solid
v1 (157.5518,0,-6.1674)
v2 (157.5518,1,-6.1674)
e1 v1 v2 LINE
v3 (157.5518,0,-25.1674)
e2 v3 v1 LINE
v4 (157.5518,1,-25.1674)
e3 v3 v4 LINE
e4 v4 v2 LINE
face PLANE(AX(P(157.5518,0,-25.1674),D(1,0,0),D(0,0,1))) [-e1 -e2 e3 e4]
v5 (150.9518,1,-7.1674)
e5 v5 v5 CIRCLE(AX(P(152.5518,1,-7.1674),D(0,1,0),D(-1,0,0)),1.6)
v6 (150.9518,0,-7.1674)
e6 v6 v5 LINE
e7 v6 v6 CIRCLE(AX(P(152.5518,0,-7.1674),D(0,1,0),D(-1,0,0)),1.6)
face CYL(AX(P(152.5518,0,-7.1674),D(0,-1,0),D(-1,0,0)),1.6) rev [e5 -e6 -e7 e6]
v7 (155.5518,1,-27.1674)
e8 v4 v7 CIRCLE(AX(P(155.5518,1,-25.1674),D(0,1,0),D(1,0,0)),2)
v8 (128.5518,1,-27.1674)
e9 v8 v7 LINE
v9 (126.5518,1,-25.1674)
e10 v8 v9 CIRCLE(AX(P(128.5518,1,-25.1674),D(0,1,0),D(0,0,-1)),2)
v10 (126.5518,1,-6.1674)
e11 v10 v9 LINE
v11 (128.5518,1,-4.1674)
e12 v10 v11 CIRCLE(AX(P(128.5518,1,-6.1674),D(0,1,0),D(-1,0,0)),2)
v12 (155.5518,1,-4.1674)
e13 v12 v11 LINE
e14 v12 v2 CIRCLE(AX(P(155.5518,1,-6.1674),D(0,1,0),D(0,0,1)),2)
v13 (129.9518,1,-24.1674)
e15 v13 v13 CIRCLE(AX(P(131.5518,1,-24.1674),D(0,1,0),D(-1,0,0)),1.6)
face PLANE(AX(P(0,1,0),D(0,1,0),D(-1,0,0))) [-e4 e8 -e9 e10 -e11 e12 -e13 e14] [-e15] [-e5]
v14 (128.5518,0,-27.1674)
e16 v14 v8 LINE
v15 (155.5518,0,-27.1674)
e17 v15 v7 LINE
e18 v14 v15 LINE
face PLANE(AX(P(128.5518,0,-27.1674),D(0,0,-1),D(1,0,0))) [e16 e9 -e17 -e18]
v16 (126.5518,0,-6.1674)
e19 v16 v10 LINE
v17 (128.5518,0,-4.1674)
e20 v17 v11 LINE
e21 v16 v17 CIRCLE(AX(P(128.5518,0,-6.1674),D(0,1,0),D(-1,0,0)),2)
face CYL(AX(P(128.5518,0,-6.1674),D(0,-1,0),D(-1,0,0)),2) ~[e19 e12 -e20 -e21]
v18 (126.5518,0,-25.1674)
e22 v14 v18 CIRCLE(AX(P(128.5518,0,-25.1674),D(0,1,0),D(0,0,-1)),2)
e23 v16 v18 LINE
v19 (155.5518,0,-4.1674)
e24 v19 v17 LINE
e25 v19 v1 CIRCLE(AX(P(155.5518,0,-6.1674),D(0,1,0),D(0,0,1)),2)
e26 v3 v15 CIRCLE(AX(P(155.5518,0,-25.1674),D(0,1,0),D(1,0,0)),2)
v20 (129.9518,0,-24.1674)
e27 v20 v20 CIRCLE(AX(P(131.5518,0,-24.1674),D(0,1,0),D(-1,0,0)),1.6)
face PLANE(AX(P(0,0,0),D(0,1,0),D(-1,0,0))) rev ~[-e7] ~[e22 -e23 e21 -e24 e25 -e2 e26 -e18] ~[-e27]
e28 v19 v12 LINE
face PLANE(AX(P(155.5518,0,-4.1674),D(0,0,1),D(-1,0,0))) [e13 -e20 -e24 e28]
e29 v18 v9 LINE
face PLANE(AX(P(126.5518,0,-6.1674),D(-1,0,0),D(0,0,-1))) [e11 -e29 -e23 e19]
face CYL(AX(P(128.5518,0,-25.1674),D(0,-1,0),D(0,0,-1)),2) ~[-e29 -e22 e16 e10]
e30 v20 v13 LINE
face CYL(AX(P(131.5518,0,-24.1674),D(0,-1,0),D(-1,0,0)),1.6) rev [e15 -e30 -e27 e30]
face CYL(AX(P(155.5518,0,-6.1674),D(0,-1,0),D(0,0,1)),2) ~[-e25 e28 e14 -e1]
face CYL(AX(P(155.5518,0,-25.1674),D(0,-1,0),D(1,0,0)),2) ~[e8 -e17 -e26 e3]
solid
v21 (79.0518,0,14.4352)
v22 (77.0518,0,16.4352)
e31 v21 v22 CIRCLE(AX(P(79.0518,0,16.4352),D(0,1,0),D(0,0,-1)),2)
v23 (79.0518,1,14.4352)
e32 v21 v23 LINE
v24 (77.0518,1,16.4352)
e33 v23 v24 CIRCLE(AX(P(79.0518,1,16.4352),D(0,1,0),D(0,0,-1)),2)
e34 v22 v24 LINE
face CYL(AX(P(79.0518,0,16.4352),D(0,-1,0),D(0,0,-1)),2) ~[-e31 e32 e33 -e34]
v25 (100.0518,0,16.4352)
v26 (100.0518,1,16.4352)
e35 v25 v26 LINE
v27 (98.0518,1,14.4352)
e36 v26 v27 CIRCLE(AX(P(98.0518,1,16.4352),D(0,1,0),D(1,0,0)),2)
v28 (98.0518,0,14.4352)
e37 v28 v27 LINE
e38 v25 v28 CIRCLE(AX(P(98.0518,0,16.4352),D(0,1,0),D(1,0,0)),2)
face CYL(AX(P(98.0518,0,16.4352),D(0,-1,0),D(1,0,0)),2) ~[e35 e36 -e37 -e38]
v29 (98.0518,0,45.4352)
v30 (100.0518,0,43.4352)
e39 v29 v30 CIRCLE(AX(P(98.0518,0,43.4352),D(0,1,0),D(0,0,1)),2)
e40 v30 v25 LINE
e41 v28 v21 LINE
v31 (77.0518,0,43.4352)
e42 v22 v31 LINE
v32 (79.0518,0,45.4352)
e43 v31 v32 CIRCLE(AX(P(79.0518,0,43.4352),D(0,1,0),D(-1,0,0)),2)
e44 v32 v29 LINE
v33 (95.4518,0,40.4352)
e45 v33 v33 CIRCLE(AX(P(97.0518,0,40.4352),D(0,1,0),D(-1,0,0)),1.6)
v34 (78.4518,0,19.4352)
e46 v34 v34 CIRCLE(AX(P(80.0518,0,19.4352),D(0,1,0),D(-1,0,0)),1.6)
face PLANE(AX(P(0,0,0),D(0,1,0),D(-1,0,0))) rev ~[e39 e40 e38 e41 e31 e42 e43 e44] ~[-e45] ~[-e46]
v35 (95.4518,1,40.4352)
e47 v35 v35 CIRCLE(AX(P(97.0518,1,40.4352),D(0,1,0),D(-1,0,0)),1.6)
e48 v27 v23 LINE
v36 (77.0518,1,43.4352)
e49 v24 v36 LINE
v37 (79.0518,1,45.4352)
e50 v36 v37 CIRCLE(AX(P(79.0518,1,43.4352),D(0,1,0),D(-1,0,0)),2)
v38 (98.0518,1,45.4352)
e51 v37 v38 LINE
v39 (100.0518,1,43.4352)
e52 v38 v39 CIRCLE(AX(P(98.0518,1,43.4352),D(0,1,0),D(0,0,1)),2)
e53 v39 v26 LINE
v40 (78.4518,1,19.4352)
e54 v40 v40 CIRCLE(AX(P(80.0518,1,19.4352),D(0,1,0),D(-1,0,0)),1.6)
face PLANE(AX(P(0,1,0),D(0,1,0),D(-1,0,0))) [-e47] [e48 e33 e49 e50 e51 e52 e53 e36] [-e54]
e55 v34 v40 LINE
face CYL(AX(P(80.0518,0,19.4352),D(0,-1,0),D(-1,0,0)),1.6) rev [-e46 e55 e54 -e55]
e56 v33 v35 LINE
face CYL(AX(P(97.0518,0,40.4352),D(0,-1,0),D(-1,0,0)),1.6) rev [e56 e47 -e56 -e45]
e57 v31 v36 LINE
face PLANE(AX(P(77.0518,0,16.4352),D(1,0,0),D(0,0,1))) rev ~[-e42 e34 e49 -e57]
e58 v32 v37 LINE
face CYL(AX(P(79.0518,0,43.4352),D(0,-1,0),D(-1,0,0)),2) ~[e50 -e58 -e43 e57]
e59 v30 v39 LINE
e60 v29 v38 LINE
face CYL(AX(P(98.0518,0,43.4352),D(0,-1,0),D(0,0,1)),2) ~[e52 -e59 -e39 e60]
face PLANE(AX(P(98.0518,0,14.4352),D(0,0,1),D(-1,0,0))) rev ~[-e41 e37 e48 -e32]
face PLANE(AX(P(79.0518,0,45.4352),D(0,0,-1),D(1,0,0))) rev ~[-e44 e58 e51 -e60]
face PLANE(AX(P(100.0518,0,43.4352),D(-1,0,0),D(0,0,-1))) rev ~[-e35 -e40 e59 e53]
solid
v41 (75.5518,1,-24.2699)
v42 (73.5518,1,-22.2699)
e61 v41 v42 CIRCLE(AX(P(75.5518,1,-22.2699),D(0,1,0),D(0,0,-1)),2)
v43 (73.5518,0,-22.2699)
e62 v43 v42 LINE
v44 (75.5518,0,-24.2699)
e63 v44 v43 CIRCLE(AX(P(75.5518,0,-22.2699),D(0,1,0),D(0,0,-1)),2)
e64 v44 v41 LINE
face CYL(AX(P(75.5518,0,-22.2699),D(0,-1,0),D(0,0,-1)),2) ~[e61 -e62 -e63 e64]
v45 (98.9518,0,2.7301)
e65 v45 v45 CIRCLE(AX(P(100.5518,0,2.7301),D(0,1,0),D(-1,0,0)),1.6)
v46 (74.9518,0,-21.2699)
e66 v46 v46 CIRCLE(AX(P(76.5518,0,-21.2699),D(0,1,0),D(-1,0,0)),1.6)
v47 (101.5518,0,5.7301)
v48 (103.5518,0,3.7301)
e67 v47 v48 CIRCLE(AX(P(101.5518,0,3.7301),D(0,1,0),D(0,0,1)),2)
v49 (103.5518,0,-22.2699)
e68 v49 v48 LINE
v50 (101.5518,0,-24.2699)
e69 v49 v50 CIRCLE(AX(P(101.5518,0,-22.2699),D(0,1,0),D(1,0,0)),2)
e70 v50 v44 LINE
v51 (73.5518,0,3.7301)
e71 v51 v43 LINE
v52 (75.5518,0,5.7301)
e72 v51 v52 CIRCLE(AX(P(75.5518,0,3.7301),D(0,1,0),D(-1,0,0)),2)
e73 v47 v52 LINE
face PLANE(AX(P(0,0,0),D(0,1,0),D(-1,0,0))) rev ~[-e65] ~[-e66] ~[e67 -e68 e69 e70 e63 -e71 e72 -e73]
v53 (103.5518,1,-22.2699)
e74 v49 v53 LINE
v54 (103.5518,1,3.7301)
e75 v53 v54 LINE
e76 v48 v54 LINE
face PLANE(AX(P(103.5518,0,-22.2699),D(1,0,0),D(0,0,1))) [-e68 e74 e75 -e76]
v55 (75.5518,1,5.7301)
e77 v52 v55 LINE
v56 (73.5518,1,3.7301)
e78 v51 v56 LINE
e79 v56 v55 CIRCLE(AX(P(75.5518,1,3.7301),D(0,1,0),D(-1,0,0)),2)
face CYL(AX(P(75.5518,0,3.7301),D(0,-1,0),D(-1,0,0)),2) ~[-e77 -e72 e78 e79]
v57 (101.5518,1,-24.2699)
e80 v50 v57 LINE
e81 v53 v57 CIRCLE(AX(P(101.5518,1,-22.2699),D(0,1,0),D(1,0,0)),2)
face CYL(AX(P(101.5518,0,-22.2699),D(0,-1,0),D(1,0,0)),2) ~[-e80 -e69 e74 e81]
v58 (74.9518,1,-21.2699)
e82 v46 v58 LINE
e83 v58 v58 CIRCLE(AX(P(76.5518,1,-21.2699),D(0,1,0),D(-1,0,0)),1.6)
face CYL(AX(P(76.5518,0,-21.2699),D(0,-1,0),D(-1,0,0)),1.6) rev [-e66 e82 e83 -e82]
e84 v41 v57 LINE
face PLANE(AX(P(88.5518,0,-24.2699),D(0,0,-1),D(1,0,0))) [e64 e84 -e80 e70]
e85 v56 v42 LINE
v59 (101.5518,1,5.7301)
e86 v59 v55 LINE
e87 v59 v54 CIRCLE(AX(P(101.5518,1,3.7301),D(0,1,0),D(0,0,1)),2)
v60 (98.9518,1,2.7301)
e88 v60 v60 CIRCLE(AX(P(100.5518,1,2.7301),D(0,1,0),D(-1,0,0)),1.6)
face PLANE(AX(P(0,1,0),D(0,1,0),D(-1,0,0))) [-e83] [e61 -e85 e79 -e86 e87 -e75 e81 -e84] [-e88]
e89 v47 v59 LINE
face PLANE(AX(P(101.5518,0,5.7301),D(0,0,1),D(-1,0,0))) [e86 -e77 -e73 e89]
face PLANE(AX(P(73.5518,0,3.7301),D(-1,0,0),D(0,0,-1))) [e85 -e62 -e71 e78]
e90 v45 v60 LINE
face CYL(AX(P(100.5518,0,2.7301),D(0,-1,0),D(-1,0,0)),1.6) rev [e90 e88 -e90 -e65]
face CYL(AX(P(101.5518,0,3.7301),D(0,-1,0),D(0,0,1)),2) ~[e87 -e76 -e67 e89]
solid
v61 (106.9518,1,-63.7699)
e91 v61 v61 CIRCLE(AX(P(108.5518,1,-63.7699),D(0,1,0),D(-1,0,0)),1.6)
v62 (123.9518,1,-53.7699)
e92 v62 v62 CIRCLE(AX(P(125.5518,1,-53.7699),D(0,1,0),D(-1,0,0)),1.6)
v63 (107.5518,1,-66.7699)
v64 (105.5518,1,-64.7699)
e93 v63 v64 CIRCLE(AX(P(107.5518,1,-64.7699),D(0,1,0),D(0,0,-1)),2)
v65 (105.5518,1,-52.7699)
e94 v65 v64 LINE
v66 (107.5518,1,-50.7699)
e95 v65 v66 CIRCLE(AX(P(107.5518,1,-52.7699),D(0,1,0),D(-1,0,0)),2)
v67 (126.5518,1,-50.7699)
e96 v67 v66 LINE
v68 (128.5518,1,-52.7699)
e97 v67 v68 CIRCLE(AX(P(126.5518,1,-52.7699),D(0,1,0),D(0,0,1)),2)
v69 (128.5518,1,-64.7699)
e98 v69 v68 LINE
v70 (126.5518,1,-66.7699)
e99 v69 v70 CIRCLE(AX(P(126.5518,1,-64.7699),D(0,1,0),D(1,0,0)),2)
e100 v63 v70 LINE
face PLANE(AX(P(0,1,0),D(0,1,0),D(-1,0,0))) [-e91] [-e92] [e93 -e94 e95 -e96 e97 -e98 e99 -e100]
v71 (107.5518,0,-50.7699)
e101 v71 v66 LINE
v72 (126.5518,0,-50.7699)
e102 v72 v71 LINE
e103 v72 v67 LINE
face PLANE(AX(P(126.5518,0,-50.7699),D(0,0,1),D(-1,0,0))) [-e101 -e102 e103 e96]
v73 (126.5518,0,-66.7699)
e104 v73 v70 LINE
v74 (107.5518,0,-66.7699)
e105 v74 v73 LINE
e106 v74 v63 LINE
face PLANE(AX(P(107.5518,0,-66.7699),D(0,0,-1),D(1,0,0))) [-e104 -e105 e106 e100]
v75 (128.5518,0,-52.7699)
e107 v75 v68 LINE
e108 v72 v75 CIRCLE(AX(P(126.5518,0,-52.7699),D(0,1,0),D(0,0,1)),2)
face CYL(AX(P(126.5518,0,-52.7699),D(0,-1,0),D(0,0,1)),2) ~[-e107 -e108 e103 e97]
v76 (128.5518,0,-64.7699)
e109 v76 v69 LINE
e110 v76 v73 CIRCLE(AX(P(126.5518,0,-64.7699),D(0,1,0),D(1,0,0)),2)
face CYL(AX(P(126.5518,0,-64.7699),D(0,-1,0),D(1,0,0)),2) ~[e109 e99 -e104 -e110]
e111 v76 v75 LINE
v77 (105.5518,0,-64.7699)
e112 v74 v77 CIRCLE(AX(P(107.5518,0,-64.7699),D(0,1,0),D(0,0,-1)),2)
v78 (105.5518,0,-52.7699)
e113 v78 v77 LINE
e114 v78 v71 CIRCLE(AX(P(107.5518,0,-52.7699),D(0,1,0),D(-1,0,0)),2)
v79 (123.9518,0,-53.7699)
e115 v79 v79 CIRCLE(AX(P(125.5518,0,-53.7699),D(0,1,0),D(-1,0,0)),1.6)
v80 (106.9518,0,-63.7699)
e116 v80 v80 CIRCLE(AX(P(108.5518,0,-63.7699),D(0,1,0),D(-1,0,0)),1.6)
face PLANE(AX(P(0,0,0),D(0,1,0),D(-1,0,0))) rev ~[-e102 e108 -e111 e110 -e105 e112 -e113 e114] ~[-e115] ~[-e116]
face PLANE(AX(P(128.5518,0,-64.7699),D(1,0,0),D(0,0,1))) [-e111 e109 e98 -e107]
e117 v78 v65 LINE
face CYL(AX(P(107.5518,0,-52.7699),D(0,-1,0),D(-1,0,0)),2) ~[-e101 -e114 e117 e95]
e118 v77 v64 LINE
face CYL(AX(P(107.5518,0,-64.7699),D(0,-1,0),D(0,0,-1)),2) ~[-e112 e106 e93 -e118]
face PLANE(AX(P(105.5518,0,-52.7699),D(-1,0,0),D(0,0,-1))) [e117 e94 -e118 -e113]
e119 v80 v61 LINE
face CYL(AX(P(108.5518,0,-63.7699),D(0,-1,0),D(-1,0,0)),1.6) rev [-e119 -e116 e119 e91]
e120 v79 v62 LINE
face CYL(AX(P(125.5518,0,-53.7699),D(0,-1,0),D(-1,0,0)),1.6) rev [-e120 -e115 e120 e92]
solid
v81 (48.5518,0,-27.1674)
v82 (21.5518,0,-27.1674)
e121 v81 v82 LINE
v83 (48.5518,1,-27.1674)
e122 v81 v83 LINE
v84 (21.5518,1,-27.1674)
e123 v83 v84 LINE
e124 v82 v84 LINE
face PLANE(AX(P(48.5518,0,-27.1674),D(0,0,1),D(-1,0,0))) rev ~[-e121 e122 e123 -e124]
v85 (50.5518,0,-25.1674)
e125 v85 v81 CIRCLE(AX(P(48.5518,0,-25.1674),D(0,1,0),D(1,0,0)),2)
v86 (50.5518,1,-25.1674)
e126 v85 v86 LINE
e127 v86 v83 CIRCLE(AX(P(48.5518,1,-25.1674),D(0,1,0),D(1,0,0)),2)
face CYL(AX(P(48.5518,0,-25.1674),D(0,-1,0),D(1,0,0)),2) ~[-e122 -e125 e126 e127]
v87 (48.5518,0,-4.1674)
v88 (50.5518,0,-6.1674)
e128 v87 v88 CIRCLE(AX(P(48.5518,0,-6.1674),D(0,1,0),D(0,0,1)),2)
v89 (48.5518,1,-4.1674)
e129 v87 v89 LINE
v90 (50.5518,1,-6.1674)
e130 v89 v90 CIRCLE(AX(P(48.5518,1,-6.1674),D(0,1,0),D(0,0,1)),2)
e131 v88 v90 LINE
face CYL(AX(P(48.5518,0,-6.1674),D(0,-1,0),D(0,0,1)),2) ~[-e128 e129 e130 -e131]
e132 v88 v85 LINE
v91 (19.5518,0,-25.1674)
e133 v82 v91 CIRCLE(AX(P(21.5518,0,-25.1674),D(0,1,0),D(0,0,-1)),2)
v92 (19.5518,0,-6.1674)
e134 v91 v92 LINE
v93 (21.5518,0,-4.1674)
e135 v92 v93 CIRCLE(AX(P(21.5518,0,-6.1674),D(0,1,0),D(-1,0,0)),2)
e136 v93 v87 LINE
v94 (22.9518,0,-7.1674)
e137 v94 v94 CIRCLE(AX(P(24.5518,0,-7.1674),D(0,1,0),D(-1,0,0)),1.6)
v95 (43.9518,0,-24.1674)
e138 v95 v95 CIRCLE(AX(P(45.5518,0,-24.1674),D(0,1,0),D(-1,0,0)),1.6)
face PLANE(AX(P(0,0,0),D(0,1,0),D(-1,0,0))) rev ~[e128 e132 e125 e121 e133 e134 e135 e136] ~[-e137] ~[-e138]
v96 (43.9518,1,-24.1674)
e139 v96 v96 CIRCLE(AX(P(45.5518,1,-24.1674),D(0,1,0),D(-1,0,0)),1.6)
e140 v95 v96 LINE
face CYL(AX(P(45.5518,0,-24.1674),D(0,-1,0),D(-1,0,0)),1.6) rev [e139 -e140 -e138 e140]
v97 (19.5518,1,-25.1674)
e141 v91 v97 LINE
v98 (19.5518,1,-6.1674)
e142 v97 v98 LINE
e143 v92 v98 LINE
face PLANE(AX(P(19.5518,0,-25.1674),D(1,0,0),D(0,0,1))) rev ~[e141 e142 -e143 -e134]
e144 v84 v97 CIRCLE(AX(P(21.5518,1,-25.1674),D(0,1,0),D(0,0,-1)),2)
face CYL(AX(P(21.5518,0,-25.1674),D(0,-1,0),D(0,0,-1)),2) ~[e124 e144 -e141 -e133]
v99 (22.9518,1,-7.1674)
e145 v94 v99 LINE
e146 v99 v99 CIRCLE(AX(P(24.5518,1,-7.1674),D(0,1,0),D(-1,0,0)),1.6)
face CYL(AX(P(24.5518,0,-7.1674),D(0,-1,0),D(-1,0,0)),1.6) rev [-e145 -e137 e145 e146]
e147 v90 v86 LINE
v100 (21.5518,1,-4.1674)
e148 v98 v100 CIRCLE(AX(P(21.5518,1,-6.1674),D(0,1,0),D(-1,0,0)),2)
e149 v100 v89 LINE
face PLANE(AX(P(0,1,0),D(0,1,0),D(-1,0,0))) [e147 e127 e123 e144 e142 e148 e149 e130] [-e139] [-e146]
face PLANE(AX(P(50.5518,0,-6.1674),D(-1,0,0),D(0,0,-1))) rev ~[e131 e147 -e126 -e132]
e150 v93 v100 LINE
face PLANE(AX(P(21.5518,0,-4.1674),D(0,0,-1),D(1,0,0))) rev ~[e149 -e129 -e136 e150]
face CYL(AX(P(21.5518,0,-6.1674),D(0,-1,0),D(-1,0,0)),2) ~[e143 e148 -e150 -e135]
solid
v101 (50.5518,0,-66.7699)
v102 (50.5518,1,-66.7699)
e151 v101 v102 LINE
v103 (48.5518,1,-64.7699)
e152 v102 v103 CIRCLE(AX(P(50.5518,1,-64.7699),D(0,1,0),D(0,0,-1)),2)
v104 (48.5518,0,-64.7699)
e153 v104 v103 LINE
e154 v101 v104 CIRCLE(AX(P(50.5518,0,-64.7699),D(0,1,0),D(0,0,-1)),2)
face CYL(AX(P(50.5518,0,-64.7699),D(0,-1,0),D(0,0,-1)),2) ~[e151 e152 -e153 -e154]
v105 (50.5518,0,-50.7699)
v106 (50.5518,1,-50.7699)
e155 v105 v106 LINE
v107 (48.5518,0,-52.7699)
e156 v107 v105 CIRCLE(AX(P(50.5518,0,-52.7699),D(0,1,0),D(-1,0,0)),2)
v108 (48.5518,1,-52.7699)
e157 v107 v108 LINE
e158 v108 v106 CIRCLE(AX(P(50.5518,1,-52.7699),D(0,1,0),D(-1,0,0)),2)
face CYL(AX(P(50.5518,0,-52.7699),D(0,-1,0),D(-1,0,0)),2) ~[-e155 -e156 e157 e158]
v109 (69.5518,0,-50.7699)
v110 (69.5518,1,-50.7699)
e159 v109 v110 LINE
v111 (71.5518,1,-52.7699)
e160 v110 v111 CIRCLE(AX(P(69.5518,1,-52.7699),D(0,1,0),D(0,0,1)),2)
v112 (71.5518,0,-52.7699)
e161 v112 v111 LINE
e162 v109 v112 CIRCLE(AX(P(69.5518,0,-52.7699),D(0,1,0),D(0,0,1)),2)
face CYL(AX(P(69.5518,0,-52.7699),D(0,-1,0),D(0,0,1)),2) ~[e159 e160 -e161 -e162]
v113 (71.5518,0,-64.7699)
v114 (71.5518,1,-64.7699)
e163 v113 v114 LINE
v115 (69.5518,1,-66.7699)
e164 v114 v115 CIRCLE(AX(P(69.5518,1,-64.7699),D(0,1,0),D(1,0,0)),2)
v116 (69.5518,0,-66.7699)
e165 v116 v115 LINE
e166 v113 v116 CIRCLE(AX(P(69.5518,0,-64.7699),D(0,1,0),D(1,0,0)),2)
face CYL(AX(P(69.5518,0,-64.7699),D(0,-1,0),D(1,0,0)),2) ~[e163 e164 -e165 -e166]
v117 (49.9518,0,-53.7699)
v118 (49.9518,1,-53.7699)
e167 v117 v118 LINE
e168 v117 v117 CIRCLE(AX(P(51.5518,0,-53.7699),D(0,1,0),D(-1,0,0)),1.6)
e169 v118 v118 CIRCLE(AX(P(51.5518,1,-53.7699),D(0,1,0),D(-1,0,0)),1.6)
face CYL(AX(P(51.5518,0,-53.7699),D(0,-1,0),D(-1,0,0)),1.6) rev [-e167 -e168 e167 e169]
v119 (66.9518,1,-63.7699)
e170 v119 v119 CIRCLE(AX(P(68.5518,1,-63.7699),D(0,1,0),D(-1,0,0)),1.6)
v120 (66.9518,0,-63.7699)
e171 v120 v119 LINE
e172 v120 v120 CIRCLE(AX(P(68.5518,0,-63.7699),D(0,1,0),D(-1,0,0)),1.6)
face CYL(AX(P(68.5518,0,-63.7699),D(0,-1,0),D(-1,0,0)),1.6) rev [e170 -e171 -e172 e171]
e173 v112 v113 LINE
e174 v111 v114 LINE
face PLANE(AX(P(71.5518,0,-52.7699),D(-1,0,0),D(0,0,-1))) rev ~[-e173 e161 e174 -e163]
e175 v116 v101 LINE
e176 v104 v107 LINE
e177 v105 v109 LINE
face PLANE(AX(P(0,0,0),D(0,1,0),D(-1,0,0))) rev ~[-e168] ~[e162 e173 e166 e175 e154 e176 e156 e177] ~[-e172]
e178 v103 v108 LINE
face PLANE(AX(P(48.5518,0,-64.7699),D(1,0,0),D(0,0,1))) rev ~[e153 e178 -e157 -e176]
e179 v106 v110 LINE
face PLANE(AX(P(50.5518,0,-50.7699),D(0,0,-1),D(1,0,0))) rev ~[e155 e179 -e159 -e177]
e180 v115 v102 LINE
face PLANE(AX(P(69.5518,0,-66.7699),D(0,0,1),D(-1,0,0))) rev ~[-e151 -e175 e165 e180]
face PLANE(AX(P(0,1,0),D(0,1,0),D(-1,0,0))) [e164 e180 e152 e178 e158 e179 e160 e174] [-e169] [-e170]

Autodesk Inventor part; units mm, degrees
ref_plane "YZ Plane" through (0, 0, 0) normal (1, 0, 0) x (0, 1, 0)
ref_plane "XZ Plane" through (0, 0, 0) normal (0, 1, 0) x (-1, 0, 0)
ref_plane "XY Plane" through (0, 0, 0) normal (0, 0, 1) x (1, 0, 0)
sketch "Sketch1" plane through (0, 0, 0) normal (0, 1, 0) x (-1, 0, 0)
  circle A0 centre (-152.5518, -7.1674) radius 1.6
  circle A1 centre (-131.5518, -24.1674) radius 1.6
  circle A2 centre (-24.5518, -7.1674) radius 1.6
  circle A3 centre (-45.5518, -24.1674) radius 1.6
  circle A4 centre (-97.0518, 40.4352) radius 1.6
  circle A5 centre (-80.0518, 19.4352) radius 1.6
  circle A6 centre (-125.5518, -53.7699) radius 1.6
  circle A7 centre (-108.5518, -63.7699) radius 1.6
  circle A8 centre (-51.5518, -53.7699) radius 1.6
  circle A9 centre (-68.5518, -63.7699) radius 1.6
  line L0 (-155.5518, -4.1674) -> (-128.5518, -4.1674)
  arc A10 (-126.5518, -6.1674) -> (-128.5518, -4.1674) centre (-128.5518, -6.1674) ccw
  line L1 (-126.5518, -6.1674) -> (-126.5518, -25.1674)
  arc A11 (-128.5518, -27.1674) -> (-126.5518, -25.1674) centre (-128.5518, -25.1674) ccw
  line L2 (-128.5518, -27.1674) -> (-155.5518, -27.1674)
  arc A12 (-157.5518, -25.1674) -> (-155.5518, -27.1674) centre (-155.5518, -25.1674) ccw
  line L3 (-157.5518, -25.1674) -> (-157.5518, -6.1674)
  arc A13 (-155.5518, -4.1674) -> (-157.5518, -6.1674) centre (-155.5518, -6.1674) ccw
  line L4 (-21.5518, -4.1674) -> (-48.5518, -4.1674)
  arc A14 (-48.5518, -4.1674) -> (-50.5518, -6.1674) centre (-48.5518, -6.1674) ccw
  line L5 (-50.5518, -6.1674) -> (-50.5518, -25.1674)
  arc A15 (-50.5518, -25.1674) -> (-48.5518, -27.1674) centre (-48.5518, -25.1674) ccw
  line L6 (-48.5518, -27.1674) -> (-21.5518, -27.1674)
  arc A16 (-21.5518, -27.1674) -> (-19.5518, -25.1674) centre (-21.5518, -25.1674) ccw
  line L7 (-19.5518, -25.1674) -> (-19.5518, -6.1674)
  arc A17 (-19.5518, -6.1674) -> (-21.5518, -4.1674) centre (-21.5518, -6.1674) ccw
  line L8 (-77.0518, 16.4352) -> (-77.0518, 43.4352)
  arc A18 (-77.0518, 43.4352) -> (-79.0518, 45.4352) centre (-79.0518, 43.4352) ccw
  line L9 (-79.0518, 45.4352) -> (-98.0518, 45.4352)
  arc A19 (-98.0518, 45.4352) -> (-100.0518, 43.4352) centre (-98.0518, 43.4352) ccw
  line L10 (-100.0518, 43.4352) -> (-100.0518, 16.4352)
  arc A20 (-100.0518, 16.4352) -> (-98.0518, 14.4352) centre (-98.0518, 16.4352) ccw
  line L11 (-98.0518, 14.4352) -> (-79.0518, 14.4352)
  arc A21 (-79.0518, 14.4352) -> (-77.0518, 16.4352) centre (-79.0518, 16.4352) ccw
  line L12 (-126.5518, -50.7699) -> (-107.5518, -50.7699)
  arc A22 (-105.5518, -52.7699) -> (-107.5518, -50.7699) centre (-107.5518, -52.7699) ccw
  line L13 (-105.5518, -52.7699) -> (-105.5518, -64.7699)
  arc A23 (-107.5518, -66.7699) -> (-105.5518, -64.7699) centre (-107.5518, -64.7699) ccw
  line L14 (-107.5518, -66.7699) -> (-126.5518, -66.7699)
  arc A24 (-128.5518, -64.7699) -> (-126.5518, -66.7699) centre (-126.5518, -64.7699) ccw
  line L15 (-128.5518, -64.7699) -> (-128.5518, -52.7699)
  arc A25 (-126.5518, -50.7699) -> (-128.5518, -52.7699) centre (-126.5518, -52.7699) ccw
  line L16 (-50.5518, -50.7699) -> (-69.5518, -50.7699)
  arc A26 (-69.5518, -50.7699) -> (-71.5518, -52.7699) centre (-69.5518, -52.7699) ccw
  line L17 (-71.5518, -52.7699) -> (-71.5518, -64.7699)
  arc A27 (-71.5518, -64.7699) -> (-69.5518, -66.7699) centre (-69.5518, -64.7699) ccw
  line L18 (-69.5518, -66.7699) -> (-50.5518, -66.7699)
  arc A28 (-50.5518, -66.7699) -> (-48.5518, -64.7699) centre (-50.5518, -64.7699) ccw
  line L19 (-48.5518, -64.7699) -> (-48.5518, -52.7699)
  arc A29 (-48.5518, -52.7699) -> (-50.5518, -50.7699) centre (-50.5518, -52.7699) ccw
  line L20 (-88.5518, -24.2699) -> (-101.5518, -24.2699)
  line L21 (-103.5518, -22.2699) -> (-103.5518, 3.7301)
  arc A30 (-103.5518, -22.2699) -> (-101.5518, -24.2699) centre (-101.5518, -22.2699) ccw
  line L22 (-101.5518, 5.7301) -> (-75.5518, 5.7301)
  arc A31 (-101.5518, 5.7301) -> (-103.5518, 3.7301) centre (-101.5518, 3.7301) ccw
  line L23 (-73.5518, 3.7301) -> (-73.5518, -22.2699)
  arc A32 (-75.5518, -24.2699) -> (-73.5518, -22.2699) centre (-75.5518, -22.2699) ccw
  arc A33 (-73.5518, 3.7301) -> (-75.5518, 5.7301) centre (-75.5518, 3.7301) ccw
  line L24 (-75.5518, -24.2699) -> (-88.5518, -24.2699)
  circle A34 centre (-100.5518, 2.7301) radius 1.6
  circle A35 centre (-76.5518, -21.2699) radius 1.6
extrude "Extrusion1" add sketch "Sketch1" along normal blind 1
properties part number "Light Sensors"
